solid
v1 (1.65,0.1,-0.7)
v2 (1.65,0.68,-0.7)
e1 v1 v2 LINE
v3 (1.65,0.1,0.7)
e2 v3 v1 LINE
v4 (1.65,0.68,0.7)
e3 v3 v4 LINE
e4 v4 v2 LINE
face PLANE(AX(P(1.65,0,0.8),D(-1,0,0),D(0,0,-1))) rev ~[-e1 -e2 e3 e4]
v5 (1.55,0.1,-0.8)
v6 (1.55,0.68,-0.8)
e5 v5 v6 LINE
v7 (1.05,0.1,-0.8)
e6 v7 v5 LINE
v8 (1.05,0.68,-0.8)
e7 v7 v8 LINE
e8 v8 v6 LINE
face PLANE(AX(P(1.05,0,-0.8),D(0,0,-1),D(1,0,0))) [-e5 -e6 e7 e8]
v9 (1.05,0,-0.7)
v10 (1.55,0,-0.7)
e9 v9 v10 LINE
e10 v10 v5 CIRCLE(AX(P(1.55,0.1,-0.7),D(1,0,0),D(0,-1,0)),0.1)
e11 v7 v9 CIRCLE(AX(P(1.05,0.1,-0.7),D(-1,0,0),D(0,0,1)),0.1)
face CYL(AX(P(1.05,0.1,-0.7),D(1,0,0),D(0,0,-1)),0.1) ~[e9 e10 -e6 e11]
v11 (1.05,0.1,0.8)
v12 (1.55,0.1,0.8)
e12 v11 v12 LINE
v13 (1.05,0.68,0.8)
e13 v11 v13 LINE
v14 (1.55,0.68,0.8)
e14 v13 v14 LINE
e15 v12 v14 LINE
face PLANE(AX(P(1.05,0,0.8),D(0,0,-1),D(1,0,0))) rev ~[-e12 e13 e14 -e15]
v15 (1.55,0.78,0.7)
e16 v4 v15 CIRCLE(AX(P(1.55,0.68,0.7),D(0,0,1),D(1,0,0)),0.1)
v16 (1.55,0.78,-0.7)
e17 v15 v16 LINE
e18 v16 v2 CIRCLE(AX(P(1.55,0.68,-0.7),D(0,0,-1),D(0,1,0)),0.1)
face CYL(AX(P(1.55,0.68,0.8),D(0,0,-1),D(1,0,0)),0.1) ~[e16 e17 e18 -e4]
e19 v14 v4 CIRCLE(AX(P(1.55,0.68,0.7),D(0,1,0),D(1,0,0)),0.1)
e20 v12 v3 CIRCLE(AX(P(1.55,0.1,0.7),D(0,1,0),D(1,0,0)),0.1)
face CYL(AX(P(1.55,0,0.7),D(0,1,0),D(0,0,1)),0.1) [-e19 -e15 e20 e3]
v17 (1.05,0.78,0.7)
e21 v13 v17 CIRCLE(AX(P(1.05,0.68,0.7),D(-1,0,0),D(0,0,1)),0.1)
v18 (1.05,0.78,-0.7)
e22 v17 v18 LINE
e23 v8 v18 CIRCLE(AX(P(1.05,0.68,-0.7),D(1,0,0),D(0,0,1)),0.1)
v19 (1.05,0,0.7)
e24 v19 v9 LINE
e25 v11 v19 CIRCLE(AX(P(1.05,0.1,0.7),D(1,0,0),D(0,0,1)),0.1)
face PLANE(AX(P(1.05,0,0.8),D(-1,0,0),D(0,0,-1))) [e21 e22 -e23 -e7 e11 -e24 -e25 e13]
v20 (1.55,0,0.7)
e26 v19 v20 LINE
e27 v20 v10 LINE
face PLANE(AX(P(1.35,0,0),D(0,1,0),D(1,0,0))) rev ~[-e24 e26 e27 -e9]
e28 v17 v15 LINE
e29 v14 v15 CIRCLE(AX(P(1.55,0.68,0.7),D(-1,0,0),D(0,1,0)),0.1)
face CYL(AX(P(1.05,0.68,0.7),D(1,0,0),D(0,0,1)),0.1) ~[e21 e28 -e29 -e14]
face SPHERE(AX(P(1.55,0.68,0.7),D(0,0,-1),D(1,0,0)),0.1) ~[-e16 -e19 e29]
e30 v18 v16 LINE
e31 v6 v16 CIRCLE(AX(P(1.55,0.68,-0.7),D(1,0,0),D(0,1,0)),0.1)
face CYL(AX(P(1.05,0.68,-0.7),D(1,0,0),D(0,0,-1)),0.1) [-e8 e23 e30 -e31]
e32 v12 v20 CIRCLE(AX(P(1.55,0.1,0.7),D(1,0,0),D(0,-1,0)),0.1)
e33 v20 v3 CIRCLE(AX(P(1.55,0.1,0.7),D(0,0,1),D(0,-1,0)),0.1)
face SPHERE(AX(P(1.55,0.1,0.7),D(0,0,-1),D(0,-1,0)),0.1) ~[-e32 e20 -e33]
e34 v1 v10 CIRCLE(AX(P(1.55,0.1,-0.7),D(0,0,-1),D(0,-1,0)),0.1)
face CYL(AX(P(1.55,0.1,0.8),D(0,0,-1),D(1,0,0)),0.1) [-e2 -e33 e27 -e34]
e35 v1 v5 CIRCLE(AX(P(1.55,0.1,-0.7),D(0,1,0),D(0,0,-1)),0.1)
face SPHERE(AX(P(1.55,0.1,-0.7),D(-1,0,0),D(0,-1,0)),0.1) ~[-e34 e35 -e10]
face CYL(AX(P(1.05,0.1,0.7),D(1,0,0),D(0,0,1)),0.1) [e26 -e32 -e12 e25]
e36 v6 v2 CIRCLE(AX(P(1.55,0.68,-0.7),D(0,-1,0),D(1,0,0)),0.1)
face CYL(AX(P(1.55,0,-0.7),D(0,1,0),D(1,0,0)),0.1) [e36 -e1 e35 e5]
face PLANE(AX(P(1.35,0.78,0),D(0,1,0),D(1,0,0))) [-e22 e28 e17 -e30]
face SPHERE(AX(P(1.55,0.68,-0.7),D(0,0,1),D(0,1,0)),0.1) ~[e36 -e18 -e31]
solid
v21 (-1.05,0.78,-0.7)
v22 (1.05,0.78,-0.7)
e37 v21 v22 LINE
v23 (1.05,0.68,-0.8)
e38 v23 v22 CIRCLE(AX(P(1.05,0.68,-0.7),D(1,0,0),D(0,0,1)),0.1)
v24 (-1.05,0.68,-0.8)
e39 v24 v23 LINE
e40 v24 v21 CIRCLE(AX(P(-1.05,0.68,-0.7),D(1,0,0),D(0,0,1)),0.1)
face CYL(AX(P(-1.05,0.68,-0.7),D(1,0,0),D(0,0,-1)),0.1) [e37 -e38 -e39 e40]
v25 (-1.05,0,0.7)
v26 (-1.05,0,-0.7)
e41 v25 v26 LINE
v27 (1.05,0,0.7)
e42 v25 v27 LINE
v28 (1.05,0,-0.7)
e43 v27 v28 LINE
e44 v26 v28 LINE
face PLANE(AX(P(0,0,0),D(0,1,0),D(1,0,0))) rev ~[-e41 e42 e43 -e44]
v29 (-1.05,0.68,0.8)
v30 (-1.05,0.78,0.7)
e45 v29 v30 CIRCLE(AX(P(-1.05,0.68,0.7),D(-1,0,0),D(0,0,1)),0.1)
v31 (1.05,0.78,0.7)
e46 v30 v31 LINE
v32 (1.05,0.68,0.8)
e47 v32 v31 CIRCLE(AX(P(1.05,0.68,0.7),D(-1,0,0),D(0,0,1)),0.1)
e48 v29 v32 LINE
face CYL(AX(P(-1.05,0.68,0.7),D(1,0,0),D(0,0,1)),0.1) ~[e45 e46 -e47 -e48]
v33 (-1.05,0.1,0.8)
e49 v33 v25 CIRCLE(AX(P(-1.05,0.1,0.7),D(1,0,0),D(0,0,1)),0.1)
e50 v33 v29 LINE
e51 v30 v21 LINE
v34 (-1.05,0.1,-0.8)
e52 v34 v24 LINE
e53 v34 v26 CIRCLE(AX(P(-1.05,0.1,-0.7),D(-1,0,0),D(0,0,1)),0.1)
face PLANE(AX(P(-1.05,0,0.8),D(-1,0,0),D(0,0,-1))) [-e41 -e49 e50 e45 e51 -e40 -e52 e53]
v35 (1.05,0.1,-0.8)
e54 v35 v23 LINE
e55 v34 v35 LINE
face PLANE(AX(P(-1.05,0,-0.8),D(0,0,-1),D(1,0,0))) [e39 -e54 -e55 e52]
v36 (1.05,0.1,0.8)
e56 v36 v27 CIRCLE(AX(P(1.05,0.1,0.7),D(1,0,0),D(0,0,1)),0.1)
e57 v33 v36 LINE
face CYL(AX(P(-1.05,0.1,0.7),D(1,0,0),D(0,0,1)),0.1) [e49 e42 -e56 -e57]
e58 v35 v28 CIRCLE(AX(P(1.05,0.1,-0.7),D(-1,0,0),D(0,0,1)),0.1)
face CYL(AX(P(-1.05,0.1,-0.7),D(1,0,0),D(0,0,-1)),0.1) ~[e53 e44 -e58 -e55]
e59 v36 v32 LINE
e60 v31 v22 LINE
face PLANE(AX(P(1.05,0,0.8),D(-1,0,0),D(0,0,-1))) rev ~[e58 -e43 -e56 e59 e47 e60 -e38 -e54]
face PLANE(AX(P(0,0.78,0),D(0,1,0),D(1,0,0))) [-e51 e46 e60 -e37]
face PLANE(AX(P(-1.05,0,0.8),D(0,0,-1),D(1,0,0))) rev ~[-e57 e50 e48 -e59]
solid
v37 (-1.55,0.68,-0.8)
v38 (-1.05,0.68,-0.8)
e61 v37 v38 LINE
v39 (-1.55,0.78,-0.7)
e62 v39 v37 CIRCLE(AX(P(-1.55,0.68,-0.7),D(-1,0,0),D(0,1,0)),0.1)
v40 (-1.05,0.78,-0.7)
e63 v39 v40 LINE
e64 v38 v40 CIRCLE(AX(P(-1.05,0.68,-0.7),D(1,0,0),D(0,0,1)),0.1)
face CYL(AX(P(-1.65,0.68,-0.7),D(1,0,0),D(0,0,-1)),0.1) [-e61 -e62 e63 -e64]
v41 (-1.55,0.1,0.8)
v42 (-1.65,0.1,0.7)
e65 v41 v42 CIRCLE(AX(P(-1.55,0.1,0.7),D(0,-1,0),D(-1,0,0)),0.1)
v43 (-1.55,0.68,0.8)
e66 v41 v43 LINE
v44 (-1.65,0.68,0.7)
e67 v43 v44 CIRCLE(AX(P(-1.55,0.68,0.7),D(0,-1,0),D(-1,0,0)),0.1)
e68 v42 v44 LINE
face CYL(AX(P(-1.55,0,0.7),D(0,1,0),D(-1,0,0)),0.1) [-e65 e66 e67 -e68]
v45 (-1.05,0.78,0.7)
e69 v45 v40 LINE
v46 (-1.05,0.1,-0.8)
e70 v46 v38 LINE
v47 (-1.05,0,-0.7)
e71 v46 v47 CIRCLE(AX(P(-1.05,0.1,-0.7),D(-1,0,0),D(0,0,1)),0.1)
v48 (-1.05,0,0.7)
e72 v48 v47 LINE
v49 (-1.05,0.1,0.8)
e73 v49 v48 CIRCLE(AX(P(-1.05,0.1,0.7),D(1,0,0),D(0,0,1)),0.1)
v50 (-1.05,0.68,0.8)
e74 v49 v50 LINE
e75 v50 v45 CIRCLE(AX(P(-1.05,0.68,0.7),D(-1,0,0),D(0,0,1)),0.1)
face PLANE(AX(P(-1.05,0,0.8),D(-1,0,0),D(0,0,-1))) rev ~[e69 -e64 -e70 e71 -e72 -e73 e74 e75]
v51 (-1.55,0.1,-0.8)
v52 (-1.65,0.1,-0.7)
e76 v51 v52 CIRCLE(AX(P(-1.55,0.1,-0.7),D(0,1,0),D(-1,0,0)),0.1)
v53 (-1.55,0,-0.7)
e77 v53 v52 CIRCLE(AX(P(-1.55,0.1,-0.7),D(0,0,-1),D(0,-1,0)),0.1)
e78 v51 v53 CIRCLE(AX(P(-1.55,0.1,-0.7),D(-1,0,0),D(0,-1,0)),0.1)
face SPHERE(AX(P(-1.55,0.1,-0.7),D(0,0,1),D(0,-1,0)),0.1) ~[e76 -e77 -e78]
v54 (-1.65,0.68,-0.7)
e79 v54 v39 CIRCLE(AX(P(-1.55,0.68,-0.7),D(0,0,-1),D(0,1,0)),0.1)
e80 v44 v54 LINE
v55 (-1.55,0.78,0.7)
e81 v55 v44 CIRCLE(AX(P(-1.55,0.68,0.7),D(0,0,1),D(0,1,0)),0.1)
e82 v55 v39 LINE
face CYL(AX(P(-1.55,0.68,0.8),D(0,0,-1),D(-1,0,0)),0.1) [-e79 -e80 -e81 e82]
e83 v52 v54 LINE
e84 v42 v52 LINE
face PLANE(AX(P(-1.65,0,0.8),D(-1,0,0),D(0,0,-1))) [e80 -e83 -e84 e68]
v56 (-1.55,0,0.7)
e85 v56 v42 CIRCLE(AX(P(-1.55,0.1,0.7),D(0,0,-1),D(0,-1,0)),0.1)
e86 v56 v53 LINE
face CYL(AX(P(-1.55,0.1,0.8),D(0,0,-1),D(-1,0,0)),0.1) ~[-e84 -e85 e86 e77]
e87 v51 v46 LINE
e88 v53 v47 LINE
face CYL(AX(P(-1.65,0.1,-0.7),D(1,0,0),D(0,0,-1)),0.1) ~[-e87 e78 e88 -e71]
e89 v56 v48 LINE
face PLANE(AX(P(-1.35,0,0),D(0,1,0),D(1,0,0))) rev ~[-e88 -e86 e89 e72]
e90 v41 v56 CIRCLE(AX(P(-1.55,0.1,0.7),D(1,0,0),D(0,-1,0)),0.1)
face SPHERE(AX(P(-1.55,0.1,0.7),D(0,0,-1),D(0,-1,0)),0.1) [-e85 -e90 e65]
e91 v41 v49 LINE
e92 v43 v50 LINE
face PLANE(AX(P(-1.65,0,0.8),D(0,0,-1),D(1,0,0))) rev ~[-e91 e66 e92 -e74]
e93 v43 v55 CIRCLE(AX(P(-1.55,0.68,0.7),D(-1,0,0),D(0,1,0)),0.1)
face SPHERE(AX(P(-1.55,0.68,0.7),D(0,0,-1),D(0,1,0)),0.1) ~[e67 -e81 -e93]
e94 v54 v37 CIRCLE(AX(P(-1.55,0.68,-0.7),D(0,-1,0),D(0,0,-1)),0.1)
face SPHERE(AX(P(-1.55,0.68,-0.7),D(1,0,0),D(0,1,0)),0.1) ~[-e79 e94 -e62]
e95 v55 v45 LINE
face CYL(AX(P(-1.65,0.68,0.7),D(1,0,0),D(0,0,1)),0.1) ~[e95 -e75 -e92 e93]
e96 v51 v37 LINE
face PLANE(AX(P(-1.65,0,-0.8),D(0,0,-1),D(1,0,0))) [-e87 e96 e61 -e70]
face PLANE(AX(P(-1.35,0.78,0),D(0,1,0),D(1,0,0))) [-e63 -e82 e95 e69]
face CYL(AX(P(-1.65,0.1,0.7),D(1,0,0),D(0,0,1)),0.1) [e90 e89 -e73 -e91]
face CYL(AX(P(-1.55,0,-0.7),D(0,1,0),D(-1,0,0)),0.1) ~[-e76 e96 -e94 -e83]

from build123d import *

# Parameters (mm, degrees)
CROQUIS1_W                = 2.1
CROQUIS1_H                = 1.6
SALIENTE_EXTRUIR1_DEPTH   = 0.78
CROQUIS3_W                = 0.6
CROQUIS3_H                = 1.6
SALIENTE_EXTRUIR3_DEPTH   = 0.78
SALIENTE_EXTRUIR3_2_DEPTH = 0.78
REDONDEO2_R               = 0.1
REDONDEO4_R               = 0.1
REDONDEO5_R               = 0.1


with BuildPart() as part:
    # Croquis1 → Saliente-Extruir1 (new body)
    with BuildSketch(Plane(origin=(0, 0, 0), x_dir=(1, 0, 0), z_dir=(0, 1, 0))):
        Rectangle(CROQUIS1_W, CROQUIS1_H)
    extrude(amount=SALIENTE_EXTRUIR1_DEPTH)

    # Redondeo2
    redondeo2_edges = [part.edges().sort_by_distance(p)[0] for p in [
        (0, 0.78, 0.8),
        (0, 0, 0.8),
        (0, 0, -0.8),
        (0, 0.78, -0.8),
    ]]
    fillet(redondeo2_edges, radius=REDONDEO2_R)


with BuildPart() as body_2:
    # Croquis3 → Saliente-Extruir3 (new body)
    with BuildSketch(Plane(origin=(0, 0, 0), x_dir=(1, 0, 0), z_dir=(0, 1, 0))):
        with Locations((1.35, 0)):
            Rectangle(CROQUIS3_W, CROQUIS3_H)
    extrude(amount=SALIENTE_EXTRUIR3_DEPTH)

    # Redondeo4
    redondeo4_edges = [body_2.edges().sort_by_distance(p)[0] for p in [
        (1.65, 0.78, 0),
        (1.35, 0.78, -0.8),
        (1.35, 0, -0.8),
        (1.65, 0, 0),
        (1.35, 0, 0.8),
        (1.65, 0.39, -0.8),
        (1.65, 0.39, 0.8),
        (1.35, 0.78, 0.8),
    ]]
    fillet(redondeo4_edges, radius=REDONDEO4_R)


with BuildPart() as body_3:
    # Croquis3 → Saliente-Extruir3 2 (new body)
    with BuildSketch(Plane(origin=(0, 0, 0), x_dir=(1, 0, 0), z_dir=(0, 1, 0))):
        with Locations((-1.35, 0)):
            Rectangle(CROQUIS3_W, CROQUIS3_H)
    extrude(amount=SALIENTE_EXTRUIR3_2_DEPTH)

    # Redondeo5
    redondeo5_edges = [body_3.edges().sort_by_distance(p)[0] for p in [
        (-1.35, 0.78, -0.8),
        (-1.65, 0.78, 0),
        (-1.35, 0.78, 0.8),
        (-1.65, 0, 0),
        (-1.35, 0, -0.8),
        (-1.35, 0, 0.8),
        (-1.65, 0.39, 0.8),
        (-1.65, 0.39, -0.8),
    ]]
    fillet(redondeo5_edges, radius=REDONDEO5_R)


solid = Compound([part.part, body_2.part, body_3.part])
